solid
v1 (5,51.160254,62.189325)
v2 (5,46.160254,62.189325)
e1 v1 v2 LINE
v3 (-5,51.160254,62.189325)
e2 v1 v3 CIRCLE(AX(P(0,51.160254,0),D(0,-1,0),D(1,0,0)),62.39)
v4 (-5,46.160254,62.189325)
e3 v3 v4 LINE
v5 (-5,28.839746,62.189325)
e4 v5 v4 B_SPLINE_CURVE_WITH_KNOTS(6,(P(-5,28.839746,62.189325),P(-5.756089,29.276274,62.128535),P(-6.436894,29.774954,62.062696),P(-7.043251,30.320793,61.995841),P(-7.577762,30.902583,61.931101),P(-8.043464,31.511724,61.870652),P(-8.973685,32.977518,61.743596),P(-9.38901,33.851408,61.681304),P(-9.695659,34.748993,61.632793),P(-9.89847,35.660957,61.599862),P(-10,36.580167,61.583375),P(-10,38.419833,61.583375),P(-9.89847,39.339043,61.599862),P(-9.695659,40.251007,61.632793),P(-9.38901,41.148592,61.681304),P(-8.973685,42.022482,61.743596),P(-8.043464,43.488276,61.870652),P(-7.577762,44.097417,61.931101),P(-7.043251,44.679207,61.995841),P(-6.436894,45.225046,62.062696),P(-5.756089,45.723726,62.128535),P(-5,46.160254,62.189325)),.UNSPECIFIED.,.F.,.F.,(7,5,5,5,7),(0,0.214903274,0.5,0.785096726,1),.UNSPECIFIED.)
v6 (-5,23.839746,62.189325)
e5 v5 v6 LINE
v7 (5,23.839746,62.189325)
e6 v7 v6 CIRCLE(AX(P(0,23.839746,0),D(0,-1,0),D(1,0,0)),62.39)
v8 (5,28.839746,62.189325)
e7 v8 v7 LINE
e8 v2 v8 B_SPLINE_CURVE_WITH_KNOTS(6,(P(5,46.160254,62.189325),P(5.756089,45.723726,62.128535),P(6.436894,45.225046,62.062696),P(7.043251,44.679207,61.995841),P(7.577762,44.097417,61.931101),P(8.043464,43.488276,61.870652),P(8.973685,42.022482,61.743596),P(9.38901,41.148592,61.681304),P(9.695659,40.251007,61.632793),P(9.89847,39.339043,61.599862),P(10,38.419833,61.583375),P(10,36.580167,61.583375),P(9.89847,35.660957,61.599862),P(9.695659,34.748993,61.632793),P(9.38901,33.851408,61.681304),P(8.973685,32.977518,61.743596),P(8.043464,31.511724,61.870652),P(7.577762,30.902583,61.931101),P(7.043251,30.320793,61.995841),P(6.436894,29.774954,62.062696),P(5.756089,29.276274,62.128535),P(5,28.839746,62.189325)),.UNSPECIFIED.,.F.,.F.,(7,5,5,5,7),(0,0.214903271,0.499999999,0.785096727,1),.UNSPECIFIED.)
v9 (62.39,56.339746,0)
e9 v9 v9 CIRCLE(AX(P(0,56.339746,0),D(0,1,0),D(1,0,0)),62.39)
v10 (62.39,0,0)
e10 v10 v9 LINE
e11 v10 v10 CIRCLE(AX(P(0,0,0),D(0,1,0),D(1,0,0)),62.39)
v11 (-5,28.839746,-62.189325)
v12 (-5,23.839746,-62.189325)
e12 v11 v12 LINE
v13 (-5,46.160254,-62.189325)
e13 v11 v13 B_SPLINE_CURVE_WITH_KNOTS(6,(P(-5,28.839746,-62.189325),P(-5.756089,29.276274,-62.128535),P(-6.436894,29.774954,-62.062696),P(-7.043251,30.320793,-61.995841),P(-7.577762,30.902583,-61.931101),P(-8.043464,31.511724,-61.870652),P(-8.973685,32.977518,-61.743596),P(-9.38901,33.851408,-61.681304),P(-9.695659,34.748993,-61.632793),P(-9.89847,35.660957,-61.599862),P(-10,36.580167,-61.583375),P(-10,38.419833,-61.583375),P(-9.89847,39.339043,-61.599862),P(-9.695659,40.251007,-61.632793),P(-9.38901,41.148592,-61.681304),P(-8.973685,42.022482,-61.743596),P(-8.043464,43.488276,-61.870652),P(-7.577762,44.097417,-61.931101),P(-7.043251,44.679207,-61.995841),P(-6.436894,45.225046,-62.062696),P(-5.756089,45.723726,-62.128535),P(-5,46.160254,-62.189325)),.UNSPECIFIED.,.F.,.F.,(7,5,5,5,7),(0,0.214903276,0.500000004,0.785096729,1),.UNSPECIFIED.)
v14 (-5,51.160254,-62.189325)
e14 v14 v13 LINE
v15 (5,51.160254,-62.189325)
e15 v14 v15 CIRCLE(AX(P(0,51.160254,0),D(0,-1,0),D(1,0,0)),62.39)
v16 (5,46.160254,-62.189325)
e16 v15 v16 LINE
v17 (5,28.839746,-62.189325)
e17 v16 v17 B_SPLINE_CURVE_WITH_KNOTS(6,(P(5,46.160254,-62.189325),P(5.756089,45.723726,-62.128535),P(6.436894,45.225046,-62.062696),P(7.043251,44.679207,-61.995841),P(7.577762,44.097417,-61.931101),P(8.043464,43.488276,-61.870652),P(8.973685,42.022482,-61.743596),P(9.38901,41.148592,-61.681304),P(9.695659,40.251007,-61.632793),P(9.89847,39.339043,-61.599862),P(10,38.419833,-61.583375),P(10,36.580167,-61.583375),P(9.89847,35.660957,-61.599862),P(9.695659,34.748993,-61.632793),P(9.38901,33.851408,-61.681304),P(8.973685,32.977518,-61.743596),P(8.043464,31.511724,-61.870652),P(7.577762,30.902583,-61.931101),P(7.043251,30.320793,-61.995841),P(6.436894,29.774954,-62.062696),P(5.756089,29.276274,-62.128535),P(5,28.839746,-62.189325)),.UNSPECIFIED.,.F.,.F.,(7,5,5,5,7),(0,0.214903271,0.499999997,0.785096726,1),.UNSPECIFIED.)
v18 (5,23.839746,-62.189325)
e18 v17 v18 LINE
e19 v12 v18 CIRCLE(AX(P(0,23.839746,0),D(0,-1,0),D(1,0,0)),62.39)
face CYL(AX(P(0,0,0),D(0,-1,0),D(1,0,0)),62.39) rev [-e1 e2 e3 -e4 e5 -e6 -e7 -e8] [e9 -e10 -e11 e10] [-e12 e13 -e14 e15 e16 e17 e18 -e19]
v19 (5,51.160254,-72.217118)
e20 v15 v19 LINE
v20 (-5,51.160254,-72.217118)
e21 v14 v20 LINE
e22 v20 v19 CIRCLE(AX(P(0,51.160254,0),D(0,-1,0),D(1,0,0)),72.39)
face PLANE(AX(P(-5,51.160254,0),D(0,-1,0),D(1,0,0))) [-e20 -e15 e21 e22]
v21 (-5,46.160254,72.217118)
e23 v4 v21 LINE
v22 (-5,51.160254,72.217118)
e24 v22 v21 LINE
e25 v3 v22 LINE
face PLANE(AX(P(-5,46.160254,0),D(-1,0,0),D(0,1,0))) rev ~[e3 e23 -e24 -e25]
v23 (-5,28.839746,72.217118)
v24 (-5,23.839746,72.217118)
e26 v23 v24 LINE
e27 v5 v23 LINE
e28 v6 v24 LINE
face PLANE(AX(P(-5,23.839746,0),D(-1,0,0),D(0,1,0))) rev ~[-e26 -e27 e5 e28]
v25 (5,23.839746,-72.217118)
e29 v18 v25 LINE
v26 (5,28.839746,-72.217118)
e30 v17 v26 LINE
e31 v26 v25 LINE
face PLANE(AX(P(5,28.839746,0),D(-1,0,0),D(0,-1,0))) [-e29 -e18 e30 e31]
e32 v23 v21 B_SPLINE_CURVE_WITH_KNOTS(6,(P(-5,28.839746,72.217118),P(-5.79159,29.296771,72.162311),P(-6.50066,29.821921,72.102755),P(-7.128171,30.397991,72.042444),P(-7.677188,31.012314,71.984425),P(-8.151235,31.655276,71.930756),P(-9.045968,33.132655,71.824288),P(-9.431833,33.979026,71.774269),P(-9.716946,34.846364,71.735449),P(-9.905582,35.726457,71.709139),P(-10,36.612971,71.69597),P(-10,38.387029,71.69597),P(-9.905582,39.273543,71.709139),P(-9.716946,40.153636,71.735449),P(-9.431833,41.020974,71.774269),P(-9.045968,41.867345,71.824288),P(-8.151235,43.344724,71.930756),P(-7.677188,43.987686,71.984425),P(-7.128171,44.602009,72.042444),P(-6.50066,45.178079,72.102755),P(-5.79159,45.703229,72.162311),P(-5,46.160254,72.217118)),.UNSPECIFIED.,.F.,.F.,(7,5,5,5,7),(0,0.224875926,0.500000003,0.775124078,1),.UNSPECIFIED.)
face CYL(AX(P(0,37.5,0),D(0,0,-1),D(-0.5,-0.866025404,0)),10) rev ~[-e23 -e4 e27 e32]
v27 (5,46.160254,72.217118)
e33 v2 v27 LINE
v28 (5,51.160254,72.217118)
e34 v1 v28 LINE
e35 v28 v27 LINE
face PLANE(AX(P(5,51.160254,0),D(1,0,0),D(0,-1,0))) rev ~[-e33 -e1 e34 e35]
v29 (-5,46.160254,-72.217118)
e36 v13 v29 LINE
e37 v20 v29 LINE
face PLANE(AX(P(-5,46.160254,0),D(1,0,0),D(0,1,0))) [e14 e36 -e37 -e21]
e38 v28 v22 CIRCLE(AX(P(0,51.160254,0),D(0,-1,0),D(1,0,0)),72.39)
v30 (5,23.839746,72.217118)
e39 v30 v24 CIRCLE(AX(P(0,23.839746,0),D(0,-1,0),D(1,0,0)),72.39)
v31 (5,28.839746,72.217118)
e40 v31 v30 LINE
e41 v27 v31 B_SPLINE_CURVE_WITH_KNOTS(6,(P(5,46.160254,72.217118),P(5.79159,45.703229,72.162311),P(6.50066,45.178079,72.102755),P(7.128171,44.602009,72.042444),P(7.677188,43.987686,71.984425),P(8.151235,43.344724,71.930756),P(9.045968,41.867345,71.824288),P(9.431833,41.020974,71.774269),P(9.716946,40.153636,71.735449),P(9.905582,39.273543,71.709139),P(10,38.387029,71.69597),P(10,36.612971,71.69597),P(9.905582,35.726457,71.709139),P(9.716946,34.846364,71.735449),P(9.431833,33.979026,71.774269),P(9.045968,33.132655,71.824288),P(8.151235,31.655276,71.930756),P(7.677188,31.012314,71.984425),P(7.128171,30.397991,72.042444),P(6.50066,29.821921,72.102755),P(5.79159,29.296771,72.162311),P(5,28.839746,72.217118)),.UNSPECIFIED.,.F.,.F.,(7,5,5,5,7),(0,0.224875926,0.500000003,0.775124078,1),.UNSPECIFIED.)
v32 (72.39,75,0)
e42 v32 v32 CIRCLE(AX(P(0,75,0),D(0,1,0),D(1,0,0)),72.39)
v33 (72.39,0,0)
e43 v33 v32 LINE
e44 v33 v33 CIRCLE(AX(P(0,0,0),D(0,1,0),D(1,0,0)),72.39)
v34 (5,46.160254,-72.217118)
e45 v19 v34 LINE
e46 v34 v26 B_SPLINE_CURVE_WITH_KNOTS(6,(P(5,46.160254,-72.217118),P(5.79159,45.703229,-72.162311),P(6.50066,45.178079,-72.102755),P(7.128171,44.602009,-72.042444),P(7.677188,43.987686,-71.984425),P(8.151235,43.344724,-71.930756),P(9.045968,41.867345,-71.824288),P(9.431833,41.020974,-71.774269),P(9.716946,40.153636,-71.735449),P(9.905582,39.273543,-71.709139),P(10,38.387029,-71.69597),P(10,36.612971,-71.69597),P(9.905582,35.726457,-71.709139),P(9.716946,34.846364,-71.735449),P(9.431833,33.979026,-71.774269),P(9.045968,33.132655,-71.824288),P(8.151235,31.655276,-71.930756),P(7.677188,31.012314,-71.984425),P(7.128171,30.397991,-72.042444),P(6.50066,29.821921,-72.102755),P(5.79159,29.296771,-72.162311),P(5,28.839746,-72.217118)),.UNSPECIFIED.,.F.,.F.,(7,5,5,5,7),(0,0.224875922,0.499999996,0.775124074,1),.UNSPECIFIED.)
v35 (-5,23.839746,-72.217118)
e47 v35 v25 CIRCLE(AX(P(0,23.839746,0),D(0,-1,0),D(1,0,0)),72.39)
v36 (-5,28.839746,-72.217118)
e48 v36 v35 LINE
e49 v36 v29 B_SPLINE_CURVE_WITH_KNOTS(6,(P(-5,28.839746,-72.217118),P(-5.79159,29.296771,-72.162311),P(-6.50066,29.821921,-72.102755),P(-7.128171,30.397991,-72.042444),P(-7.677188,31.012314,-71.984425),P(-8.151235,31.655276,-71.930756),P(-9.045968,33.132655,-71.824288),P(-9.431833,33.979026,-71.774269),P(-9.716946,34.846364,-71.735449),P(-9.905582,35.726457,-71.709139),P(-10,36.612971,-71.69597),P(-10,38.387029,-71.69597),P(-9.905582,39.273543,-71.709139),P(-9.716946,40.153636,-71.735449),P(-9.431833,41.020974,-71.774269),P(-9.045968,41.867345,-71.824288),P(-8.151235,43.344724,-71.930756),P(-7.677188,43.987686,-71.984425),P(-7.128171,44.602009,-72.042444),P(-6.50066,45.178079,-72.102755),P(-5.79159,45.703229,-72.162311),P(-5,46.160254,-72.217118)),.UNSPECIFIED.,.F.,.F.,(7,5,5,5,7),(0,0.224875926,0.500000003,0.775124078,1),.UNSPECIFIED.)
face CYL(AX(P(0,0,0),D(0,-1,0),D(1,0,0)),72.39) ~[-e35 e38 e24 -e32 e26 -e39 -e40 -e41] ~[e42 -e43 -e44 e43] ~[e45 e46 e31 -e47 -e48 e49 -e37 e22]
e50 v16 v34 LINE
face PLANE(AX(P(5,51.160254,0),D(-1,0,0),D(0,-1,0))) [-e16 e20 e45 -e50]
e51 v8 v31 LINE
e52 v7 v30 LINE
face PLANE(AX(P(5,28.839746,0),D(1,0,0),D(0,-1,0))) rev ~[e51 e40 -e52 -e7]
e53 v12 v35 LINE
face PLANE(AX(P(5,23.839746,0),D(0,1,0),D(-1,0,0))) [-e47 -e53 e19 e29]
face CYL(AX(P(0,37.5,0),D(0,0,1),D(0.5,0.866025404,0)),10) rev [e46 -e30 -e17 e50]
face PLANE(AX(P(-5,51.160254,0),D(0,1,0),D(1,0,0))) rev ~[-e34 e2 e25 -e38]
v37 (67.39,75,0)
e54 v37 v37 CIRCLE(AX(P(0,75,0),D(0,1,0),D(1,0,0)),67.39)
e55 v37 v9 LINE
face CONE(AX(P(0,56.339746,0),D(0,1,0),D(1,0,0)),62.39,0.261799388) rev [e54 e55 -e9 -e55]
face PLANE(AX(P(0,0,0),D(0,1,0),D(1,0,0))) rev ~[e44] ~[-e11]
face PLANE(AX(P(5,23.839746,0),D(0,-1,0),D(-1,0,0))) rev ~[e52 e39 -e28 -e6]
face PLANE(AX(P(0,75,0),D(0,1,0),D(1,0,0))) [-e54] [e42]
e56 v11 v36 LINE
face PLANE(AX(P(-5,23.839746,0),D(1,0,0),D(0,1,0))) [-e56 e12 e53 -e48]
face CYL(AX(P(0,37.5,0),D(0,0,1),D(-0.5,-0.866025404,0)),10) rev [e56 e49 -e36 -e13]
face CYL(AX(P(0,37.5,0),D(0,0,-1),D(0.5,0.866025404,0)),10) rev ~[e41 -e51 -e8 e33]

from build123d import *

# Parameters (mm, degrees)
SKETCH1_R               = 72.39
SKETCH1_R_2             = 62.39
BOSS_EXTRUDE1_DEPTH     = 75
CUT_EXTRUDE1_DEPTH      = 73.39
CUT_EXTRUDE1_DEPTH_BACK = 73.39
CHAMFER1_SIZE           = 5
CHAMFER1_SIZE2          = 18.660254038


with BuildPart() as part:
    # Sketch1 → Boss-Extrude1 (new body)
    with BuildSketch(Plane(origin=(0, 0, 0), x_dir=(1, 0, 0), z_dir=(0, 1, 0))):
        Circle(SKETCH1_R)
        Circle(SKETCH1_R_2, mode=Mode.SUBTRACT)
    extrude(amount=BOSS_EXTRUDE1_DEPTH)

    # Sketch2 → Cut-Extrude1 (cut, two sides)
    with BuildSketch(Plane.XY) as cut_extrude1_sk:
        with BuildLine():
            Line((5, 28.839745962), (5, 23.839745962))
            Line((5, 23.839745962), (-5, 23.839745962))
            Line((-5, 23.839745962), (-5, 28.839745962))
            ThreePointArc((-5, 28.839745962), (-10, 37.5), (-5, 46.160254038))
            Line((-5, 46.160254038), (-5, 51.160254038))
            Line((-5, 51.160254038), (5, 51.160254038))
            Line((5, 51.160254038), (5, 46.160254038))
            ThreePointArc((5, 46.160254038), (10, 37.5), (5, 28.839745962))
        make_face()
    extrude(amount=CUT_EXTRUDE1_DEPTH, mode=Mode.SUBTRACT)
    extrude(cut_extrude1_sk.sketch, amount=-CUT_EXTRUDE1_DEPTH_BACK, mode=Mode.SUBTRACT)

    # Chamfer1
    chamfer1_edges = [part.edges().sort_by_distance(p)[0] for p in [
        (-62.39, 75, 0),
    ]]
    chamfer1_side = [part.faces().sort_by_distance(p)[0] for p in [
        (-70.342501604, 75, 0),
    ]]
    chamfer(chamfer1_edges, length=CHAMFER1_SIZE, length2=CHAMFER1_SIZE2, reference=chamfer1_side[0])


solid = part.part
